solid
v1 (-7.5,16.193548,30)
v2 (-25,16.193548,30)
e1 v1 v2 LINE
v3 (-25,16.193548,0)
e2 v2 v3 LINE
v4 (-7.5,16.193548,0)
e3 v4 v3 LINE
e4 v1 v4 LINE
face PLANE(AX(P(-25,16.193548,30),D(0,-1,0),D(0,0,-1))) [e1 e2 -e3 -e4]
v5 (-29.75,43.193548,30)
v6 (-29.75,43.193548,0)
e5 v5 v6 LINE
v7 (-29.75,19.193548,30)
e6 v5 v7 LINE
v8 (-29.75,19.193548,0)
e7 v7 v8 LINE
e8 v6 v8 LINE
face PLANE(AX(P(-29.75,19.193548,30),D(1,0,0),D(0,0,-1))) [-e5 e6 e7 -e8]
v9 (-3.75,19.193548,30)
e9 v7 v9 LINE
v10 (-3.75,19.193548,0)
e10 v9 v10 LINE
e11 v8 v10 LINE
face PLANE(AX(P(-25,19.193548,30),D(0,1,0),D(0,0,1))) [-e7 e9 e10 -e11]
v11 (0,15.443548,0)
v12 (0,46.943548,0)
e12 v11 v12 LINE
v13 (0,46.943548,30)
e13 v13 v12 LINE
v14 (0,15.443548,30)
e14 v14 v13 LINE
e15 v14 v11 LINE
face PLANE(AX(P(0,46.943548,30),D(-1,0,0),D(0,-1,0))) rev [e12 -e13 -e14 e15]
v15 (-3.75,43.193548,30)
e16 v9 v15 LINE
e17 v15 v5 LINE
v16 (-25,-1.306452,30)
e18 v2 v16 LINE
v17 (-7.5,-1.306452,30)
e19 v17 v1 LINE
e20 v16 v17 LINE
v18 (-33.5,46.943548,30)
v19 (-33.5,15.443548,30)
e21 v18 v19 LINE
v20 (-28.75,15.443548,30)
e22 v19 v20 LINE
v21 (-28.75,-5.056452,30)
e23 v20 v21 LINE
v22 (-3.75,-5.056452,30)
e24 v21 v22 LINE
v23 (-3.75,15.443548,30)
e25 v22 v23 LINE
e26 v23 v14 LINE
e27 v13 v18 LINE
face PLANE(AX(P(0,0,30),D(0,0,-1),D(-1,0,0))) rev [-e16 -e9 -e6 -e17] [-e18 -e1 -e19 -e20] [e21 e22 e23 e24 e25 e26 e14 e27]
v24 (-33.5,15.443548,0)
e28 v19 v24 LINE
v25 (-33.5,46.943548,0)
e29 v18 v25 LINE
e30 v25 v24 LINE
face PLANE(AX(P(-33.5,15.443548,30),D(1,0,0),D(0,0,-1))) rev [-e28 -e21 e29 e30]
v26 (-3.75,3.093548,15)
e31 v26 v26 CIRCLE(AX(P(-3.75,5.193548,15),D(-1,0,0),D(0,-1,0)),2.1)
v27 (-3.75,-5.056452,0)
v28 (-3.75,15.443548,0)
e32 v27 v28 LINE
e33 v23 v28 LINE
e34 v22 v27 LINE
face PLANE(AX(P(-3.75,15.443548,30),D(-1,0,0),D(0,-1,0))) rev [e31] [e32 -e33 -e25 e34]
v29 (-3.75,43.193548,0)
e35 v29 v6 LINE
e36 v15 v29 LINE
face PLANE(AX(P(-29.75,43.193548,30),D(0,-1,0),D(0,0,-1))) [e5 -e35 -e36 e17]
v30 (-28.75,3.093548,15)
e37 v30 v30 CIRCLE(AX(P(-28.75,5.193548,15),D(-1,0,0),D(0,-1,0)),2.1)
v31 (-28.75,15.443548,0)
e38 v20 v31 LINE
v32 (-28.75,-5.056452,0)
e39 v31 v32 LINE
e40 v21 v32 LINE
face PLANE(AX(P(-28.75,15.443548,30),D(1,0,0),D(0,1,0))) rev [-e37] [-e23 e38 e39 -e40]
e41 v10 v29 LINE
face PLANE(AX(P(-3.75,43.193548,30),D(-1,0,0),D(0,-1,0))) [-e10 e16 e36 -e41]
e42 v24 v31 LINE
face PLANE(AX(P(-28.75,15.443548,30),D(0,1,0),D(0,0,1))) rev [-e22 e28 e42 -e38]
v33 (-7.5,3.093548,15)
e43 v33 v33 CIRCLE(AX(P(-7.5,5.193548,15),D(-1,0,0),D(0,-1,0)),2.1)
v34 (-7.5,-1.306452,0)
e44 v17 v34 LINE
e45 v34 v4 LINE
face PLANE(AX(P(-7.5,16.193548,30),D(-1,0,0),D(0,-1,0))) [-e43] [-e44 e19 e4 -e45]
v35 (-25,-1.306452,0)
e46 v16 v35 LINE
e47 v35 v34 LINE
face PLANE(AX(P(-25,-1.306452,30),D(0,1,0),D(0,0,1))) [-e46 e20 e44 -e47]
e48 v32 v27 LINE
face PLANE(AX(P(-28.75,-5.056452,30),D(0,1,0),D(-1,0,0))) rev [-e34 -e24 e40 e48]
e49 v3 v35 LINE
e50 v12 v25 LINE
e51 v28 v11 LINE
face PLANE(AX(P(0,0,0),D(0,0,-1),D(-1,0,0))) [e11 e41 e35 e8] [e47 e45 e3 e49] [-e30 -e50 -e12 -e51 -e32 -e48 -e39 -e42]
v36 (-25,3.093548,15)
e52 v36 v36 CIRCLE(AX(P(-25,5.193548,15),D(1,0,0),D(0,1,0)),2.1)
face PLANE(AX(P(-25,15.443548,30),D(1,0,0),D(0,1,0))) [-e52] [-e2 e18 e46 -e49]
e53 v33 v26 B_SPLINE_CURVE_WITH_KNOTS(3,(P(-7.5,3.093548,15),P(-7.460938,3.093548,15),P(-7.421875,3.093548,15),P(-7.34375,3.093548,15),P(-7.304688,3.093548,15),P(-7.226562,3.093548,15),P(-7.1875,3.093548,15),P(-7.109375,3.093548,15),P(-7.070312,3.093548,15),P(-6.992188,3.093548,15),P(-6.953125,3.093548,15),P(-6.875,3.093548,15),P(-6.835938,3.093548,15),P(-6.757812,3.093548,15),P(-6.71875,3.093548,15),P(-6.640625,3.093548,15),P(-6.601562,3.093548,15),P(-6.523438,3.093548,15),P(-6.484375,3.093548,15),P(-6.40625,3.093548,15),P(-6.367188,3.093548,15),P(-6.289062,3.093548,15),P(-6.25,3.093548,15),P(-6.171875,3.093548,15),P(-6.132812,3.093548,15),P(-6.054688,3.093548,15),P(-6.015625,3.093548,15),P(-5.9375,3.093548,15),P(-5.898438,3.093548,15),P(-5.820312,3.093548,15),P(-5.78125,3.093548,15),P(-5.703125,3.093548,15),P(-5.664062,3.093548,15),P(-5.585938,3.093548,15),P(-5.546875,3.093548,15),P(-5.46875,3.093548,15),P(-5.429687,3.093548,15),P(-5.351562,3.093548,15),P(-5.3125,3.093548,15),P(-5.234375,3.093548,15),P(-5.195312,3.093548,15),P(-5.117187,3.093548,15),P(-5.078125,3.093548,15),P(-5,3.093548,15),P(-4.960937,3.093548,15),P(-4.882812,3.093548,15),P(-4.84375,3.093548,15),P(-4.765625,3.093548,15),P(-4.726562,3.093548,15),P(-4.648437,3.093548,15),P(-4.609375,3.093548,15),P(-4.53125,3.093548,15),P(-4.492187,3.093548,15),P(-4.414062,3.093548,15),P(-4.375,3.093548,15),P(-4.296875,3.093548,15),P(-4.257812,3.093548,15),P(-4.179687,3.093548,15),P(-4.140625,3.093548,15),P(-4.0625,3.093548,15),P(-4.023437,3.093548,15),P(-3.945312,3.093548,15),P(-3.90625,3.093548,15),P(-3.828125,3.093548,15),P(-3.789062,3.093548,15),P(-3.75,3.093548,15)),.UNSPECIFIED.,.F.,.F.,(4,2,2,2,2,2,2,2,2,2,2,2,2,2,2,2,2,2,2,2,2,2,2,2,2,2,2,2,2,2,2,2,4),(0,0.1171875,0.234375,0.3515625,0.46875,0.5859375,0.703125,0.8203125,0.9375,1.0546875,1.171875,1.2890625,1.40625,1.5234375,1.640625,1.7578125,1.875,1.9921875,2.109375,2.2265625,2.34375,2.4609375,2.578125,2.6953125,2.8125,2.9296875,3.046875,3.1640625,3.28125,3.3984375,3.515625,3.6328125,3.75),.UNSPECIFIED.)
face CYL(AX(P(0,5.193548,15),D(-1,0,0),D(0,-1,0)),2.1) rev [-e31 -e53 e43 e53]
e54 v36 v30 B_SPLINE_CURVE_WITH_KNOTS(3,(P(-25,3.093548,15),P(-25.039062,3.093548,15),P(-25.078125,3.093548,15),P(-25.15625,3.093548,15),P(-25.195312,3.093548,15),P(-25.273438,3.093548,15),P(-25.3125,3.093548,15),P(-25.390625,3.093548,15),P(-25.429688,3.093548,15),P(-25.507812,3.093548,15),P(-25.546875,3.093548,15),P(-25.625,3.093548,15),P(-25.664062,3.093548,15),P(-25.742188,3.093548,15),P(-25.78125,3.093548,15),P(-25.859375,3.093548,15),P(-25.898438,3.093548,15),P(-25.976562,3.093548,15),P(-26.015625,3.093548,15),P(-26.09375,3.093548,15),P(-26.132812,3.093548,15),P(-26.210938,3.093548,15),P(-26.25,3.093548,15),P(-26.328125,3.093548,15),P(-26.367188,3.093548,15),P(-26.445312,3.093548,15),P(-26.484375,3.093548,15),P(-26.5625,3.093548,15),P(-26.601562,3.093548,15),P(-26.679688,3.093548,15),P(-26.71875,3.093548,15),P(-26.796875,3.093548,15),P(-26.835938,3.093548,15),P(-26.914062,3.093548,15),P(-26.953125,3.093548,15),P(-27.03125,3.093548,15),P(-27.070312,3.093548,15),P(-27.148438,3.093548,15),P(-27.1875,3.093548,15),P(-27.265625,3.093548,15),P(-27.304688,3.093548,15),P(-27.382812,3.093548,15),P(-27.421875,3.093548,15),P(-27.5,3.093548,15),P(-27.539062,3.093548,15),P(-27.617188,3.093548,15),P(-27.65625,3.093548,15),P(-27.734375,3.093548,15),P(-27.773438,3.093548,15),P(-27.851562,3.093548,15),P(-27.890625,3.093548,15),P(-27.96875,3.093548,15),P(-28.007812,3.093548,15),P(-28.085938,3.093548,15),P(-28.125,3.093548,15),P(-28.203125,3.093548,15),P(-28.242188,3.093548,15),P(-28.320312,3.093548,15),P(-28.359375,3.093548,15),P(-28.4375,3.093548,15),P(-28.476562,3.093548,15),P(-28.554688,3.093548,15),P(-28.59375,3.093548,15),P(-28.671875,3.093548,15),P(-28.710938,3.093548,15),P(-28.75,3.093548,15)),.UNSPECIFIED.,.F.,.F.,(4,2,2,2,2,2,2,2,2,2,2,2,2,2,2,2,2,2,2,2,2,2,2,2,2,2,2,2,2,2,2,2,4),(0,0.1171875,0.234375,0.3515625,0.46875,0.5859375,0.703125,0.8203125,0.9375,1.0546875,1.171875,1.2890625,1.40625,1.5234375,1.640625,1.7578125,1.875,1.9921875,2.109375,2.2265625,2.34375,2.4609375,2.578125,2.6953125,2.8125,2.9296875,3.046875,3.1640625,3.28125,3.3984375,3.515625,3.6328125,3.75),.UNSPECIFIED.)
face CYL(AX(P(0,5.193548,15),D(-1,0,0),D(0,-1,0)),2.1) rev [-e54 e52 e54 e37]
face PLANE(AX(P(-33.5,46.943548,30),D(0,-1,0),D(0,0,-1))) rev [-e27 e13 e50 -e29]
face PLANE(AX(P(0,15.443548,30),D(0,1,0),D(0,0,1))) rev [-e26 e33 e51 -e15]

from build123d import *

# Parameters (mm, degrees)
RESSALTO_EXTRUS_O2_DEPTH = 30
ESBO_O2_R                = 2.1
CORTE_EXTRUS_O1_DEPTH    = 63.691779646


with BuildPart() as part:
    # Esboço1 → Ressalto-extrusão2 (new body)
    with BuildSketch(Plane.XY):
        Polygon((-28.75, 15.443548387), (-28.75, -5.056451613), (-3.75, -5.056451613), (-3.75, 15.443548387), (0, 15.443548387), (0, 46.943548387), (-33.5, 46.943548387), (-33.5, 15.443548387), align=None)
        Polygon((-25, 15.443548387), (-25, -1.306451613), (-7.5, -1.306451613), (-7.5, 15.443548387), (-7.5, 16.193548387), (-25, 16.193548387), align=None, mode=Mode.SUBTRACT)
        Polygon((-25, 19.193548387), (-29.75, 19.193548387), (-29.75, 43.193548387), (-3.75, 43.193548387), (-3.75, 19.193548387), (-7.5, 19.193548387), align=None, mode=Mode.SUBTRACT)
    extrude(amount=RESSALTO_EXTRUS_O2_DEPTH)

    # Esboço2 → Corte-extrusão1 (cut, through all)
    with BuildSketch(Plane.ZY.offset(28.75)):
        with Locations(Location((15, 5.193548387, 0), (0, 0, 270))):
            Circle(ESBO_O2_R)
    extrude(amount=-CORTE_EXTRUS_O1_DEPTH, mode=Mode.SUBTRACT)


solid = part.part
